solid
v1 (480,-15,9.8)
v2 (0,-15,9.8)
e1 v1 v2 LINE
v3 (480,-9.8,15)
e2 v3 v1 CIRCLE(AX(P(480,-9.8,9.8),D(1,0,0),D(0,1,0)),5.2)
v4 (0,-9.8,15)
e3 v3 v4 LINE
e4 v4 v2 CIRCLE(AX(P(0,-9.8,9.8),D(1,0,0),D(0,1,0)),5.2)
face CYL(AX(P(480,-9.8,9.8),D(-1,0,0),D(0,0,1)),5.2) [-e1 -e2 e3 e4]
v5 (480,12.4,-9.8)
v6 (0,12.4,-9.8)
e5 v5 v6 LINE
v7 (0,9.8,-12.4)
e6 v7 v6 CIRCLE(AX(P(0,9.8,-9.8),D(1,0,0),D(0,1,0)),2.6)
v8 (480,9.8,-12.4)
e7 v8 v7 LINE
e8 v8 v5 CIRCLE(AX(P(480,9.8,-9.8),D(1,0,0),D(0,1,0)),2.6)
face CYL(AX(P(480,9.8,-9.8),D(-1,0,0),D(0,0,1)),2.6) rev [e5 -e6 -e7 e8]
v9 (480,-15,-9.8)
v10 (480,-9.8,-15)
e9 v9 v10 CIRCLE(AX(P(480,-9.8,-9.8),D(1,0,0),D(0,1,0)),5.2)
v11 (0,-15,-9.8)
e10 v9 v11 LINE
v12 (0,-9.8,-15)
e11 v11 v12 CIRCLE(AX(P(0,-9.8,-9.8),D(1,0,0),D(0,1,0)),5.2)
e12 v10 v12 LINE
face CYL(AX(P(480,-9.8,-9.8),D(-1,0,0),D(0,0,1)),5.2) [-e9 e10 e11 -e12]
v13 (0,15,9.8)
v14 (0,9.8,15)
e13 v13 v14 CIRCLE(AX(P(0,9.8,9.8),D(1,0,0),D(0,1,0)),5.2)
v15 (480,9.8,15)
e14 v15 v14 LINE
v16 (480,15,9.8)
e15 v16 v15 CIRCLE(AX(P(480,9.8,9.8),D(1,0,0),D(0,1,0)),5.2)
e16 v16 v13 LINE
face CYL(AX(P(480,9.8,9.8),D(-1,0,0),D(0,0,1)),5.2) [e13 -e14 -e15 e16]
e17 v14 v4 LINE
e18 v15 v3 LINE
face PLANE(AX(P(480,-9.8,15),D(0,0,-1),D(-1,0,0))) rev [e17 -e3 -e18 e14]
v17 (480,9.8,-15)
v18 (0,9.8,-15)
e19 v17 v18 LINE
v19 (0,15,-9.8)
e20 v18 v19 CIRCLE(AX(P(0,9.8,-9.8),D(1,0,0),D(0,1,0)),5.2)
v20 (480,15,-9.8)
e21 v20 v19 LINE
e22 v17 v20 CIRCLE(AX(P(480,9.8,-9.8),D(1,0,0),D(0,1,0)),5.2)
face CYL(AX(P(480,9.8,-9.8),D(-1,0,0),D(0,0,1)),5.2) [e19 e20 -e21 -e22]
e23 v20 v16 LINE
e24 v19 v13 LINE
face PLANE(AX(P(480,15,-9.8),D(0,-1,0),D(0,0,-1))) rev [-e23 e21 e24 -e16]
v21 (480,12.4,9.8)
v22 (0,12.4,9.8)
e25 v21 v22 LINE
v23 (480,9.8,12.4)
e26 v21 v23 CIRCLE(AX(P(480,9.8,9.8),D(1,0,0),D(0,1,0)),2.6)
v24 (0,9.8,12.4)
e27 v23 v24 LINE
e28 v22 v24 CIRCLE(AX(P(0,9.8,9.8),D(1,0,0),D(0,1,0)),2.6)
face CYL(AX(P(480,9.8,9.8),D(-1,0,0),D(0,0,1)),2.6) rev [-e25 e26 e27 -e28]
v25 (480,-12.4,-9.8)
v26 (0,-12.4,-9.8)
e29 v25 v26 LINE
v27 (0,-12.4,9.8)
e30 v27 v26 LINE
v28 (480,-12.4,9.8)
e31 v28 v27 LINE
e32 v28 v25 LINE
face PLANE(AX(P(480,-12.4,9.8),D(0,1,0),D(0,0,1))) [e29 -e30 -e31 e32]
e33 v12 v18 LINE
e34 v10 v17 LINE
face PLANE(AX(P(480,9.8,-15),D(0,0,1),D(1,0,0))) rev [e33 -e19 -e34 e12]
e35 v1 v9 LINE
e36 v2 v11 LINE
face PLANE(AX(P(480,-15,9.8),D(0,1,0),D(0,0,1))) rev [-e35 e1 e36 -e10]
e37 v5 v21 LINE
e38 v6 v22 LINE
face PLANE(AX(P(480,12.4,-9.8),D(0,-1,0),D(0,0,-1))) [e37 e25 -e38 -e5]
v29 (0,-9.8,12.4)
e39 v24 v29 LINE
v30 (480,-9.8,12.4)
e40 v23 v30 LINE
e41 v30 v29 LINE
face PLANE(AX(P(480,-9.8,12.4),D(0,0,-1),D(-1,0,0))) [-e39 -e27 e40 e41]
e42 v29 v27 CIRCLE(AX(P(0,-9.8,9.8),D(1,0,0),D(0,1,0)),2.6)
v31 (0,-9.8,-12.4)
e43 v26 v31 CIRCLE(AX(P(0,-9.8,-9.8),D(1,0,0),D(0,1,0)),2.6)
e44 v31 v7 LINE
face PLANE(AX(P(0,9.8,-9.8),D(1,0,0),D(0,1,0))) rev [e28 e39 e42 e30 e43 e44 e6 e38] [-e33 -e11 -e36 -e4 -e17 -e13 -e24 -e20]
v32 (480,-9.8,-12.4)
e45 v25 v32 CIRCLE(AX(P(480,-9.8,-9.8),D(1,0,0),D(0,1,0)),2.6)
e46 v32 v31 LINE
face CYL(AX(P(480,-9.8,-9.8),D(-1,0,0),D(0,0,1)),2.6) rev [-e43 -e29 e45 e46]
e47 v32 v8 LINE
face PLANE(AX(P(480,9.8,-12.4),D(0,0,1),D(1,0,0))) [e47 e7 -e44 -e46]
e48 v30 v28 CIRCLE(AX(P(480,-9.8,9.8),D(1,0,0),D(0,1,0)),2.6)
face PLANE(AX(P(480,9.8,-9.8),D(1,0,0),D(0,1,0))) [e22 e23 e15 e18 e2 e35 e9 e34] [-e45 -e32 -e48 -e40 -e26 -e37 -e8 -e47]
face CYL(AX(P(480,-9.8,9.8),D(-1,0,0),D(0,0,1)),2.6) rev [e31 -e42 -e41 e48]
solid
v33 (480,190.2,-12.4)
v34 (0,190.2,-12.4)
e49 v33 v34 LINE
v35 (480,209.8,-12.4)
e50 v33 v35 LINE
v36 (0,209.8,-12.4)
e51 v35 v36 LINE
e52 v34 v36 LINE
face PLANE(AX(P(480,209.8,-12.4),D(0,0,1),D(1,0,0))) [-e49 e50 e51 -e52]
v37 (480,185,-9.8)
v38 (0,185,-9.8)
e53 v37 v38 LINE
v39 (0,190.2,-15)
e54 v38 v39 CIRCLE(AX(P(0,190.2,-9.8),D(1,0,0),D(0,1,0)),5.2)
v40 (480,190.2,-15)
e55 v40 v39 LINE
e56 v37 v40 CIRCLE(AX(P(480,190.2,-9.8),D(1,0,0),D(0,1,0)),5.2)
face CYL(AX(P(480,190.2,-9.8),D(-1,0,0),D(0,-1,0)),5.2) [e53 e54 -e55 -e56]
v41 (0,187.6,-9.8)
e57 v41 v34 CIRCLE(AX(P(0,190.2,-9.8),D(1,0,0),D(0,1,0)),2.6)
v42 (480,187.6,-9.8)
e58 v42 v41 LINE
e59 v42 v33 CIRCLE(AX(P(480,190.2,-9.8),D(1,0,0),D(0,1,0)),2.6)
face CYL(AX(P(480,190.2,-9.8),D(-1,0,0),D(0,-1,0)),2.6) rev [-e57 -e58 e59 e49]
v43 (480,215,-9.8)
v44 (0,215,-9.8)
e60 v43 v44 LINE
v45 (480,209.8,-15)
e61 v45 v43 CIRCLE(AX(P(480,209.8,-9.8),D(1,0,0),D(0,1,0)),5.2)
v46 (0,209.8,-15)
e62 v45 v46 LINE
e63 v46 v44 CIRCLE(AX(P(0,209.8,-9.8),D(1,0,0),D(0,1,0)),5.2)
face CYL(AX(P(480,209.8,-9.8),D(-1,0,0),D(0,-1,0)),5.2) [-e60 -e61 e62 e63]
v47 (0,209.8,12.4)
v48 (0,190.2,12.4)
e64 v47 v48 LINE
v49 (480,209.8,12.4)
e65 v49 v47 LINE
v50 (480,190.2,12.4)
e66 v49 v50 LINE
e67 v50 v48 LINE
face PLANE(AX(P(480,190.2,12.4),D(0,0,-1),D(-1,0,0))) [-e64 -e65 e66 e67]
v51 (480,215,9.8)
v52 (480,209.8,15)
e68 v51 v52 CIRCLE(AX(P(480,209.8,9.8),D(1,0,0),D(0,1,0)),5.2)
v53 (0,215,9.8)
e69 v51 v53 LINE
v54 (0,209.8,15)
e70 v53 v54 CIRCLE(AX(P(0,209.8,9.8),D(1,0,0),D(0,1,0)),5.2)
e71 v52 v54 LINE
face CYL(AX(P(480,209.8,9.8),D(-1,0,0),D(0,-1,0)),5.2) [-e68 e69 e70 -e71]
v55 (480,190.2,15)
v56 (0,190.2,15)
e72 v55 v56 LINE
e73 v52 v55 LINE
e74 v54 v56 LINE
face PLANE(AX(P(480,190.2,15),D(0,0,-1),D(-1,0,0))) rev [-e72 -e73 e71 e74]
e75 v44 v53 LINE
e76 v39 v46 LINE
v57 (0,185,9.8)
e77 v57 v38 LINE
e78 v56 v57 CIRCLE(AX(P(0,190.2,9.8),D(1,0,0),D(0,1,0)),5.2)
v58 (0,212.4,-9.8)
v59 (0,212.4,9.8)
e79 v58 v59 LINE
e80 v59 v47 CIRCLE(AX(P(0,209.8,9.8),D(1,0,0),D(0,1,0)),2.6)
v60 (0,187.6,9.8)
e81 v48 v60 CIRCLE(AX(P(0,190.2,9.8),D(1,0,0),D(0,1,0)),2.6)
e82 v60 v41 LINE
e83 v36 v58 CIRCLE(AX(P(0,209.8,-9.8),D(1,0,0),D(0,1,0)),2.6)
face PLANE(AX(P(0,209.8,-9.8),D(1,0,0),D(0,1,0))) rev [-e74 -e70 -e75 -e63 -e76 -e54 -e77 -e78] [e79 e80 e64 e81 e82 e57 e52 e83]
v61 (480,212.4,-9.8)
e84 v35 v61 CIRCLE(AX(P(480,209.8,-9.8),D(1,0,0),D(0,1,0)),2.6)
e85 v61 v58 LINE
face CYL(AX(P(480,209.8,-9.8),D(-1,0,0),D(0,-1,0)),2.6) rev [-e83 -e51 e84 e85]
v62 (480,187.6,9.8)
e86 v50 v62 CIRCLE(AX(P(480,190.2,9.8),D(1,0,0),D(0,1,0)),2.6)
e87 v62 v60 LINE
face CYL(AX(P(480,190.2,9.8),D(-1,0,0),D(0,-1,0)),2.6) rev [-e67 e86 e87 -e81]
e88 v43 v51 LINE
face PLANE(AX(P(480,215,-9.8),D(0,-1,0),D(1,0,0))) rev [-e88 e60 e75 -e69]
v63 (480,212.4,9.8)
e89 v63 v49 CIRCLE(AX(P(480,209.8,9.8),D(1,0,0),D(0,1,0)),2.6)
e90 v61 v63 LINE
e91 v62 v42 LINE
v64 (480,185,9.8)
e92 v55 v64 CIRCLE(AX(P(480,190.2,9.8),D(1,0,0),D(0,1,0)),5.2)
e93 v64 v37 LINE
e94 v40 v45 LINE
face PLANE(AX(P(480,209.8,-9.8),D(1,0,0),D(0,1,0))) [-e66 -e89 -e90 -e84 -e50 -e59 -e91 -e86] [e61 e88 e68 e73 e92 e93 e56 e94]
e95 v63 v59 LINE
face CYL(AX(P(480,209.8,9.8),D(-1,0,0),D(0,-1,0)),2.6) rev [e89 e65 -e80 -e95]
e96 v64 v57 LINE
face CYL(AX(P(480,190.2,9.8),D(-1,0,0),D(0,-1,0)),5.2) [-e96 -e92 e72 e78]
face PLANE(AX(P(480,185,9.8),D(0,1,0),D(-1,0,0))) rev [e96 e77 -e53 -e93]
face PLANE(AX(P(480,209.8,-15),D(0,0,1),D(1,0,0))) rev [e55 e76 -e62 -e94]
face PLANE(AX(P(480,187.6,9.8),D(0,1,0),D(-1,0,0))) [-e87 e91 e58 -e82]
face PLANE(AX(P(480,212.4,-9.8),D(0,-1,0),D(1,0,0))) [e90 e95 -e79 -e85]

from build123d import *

# Parameters (mm, degrees)
SQUARE_TUBE_CONFIGURED_30_X_30_X_2_6_1_DEPTH = 480
SQUARE_TUBE_CONFIGURED_30_X_30_X_2_2_DEPTH   = 480


with BuildPart() as part:
    # Sketch1 → Square tube - configured 30 X 30 X 2.6(1) (new body)
    with BuildSketch(Plane(origin=(0, 200, 0), x_dir=(0, 0, -1), z_dir=(1, 0, 0))):
        with BuildLine():
            Line((-9.8, -15), (9.8, -15))
            ThreePointArc((9.8, -15), (13.476955262, -13.476955262), (15, -9.8))
            Line((15, -9.8), (15, 9.8))
            ThreePointArc((15, 9.8), (13.476955262, 13.476955262), (9.8, 15))
            Line((9.8, 15), (-9.8, 15))
            ThreePointArc((-9.8, 15), (-13.476955262, 13.476955262), (-15, 9.8))
            Line((-15, 9.8), (-15, -9.8))
            ThreePointArc((-15, -9.8), (-13.476955262, -13.476955262), (-9.8, -15))
        make_face()
        with BuildLine():
            Line((-9.8, -12.4), (9.8, -12.4))
            ThreePointArc((9.8, -12.4), (11.638477631, -11.638477631), (12.4, -9.8))
            Line((12.4, -9.8), (12.4, 9.8))
            ThreePointArc((12.4, 9.8), (11.638477631, 11.638477631), (9.8, 12.4))
            Line((9.8, 12.4), (-9.8, 12.4))
            ThreePointArc((-9.8, 12.4), (-11.638477631, 11.638477631), (-12.4, 9.8))
            Line((-12.4, 9.8), (-12.4, -9.8))
            ThreePointArc((-12.4, -9.8), (-11.638477631, -11.638477631), (-9.8, -12.4))
        make_face(mode=Mode.SUBTRACT)
    extrude(amount=SQUARE_TUBE_CONFIGURED_30_X_30_X_2_6_1_DEPTH)


with BuildPart() as body_2:
    # Sketch1 on segment 2 (carried to segment 2) → Square tube - configured 30 X 30 X 2 2 (new body)
    with BuildSketch(Plane(origin=(0, 0, 0), x_dir=(0, 0, -1), z_dir=(1, 0, 0))):
        with BuildLine():
            Line((-9.8, -15), (9.8, -15))
            ThreePointArc((9.8, -15), (13.476955262, -13.476955262), (15, -9.8))
            Line((15, -9.8), (15, 9.8))
            ThreePointArc((15, 9.8), (13.476955262, 13.476955262), (9.8, 15))
            Line((9.8, 15), (-9.8, 15))
            ThreePointArc((-9.8, 15), (-13.476955262, 13.476955262), (-15, 9.8))
            Line((-15, 9.8), (-15, -9.8))
            ThreePointArc((-15, -9.8), (-13.476955262, -13.476955262), (-9.8, -15))
        make_face()
        with BuildLine():
            Line((-9.8, -12.4), (9.8, -12.4))
            ThreePointArc((9.8, -12.4), (11.638477631, -11.638477631), (12.4, -9.8))
            Line((12.4, -9.8), (12.4, 9.8))
            ThreePointArc((12.4, 9.8), (11.638477631, 11.638477631), (9.8, 12.4))
            Line((9.8, 12.4), (-9.8, 12.4))
            ThreePointArc((-9.8, 12.4), (-11.638477631, 11.638477631), (-12.4, 9.8))
            Line((-12.4, 9.8), (-12.4, -9.8))
            ThreePointArc((-12.4, -9.8), (-11.638477631, -11.638477631), (-9.8, -12.4))
        make_face(mode=Mode.SUBTRACT)
    extrude(amount=SQUARE_TUBE_CONFIGURED_30_X_30_X_2_2_DEPTH)


solid = Compound([part.part, body_2.part])
